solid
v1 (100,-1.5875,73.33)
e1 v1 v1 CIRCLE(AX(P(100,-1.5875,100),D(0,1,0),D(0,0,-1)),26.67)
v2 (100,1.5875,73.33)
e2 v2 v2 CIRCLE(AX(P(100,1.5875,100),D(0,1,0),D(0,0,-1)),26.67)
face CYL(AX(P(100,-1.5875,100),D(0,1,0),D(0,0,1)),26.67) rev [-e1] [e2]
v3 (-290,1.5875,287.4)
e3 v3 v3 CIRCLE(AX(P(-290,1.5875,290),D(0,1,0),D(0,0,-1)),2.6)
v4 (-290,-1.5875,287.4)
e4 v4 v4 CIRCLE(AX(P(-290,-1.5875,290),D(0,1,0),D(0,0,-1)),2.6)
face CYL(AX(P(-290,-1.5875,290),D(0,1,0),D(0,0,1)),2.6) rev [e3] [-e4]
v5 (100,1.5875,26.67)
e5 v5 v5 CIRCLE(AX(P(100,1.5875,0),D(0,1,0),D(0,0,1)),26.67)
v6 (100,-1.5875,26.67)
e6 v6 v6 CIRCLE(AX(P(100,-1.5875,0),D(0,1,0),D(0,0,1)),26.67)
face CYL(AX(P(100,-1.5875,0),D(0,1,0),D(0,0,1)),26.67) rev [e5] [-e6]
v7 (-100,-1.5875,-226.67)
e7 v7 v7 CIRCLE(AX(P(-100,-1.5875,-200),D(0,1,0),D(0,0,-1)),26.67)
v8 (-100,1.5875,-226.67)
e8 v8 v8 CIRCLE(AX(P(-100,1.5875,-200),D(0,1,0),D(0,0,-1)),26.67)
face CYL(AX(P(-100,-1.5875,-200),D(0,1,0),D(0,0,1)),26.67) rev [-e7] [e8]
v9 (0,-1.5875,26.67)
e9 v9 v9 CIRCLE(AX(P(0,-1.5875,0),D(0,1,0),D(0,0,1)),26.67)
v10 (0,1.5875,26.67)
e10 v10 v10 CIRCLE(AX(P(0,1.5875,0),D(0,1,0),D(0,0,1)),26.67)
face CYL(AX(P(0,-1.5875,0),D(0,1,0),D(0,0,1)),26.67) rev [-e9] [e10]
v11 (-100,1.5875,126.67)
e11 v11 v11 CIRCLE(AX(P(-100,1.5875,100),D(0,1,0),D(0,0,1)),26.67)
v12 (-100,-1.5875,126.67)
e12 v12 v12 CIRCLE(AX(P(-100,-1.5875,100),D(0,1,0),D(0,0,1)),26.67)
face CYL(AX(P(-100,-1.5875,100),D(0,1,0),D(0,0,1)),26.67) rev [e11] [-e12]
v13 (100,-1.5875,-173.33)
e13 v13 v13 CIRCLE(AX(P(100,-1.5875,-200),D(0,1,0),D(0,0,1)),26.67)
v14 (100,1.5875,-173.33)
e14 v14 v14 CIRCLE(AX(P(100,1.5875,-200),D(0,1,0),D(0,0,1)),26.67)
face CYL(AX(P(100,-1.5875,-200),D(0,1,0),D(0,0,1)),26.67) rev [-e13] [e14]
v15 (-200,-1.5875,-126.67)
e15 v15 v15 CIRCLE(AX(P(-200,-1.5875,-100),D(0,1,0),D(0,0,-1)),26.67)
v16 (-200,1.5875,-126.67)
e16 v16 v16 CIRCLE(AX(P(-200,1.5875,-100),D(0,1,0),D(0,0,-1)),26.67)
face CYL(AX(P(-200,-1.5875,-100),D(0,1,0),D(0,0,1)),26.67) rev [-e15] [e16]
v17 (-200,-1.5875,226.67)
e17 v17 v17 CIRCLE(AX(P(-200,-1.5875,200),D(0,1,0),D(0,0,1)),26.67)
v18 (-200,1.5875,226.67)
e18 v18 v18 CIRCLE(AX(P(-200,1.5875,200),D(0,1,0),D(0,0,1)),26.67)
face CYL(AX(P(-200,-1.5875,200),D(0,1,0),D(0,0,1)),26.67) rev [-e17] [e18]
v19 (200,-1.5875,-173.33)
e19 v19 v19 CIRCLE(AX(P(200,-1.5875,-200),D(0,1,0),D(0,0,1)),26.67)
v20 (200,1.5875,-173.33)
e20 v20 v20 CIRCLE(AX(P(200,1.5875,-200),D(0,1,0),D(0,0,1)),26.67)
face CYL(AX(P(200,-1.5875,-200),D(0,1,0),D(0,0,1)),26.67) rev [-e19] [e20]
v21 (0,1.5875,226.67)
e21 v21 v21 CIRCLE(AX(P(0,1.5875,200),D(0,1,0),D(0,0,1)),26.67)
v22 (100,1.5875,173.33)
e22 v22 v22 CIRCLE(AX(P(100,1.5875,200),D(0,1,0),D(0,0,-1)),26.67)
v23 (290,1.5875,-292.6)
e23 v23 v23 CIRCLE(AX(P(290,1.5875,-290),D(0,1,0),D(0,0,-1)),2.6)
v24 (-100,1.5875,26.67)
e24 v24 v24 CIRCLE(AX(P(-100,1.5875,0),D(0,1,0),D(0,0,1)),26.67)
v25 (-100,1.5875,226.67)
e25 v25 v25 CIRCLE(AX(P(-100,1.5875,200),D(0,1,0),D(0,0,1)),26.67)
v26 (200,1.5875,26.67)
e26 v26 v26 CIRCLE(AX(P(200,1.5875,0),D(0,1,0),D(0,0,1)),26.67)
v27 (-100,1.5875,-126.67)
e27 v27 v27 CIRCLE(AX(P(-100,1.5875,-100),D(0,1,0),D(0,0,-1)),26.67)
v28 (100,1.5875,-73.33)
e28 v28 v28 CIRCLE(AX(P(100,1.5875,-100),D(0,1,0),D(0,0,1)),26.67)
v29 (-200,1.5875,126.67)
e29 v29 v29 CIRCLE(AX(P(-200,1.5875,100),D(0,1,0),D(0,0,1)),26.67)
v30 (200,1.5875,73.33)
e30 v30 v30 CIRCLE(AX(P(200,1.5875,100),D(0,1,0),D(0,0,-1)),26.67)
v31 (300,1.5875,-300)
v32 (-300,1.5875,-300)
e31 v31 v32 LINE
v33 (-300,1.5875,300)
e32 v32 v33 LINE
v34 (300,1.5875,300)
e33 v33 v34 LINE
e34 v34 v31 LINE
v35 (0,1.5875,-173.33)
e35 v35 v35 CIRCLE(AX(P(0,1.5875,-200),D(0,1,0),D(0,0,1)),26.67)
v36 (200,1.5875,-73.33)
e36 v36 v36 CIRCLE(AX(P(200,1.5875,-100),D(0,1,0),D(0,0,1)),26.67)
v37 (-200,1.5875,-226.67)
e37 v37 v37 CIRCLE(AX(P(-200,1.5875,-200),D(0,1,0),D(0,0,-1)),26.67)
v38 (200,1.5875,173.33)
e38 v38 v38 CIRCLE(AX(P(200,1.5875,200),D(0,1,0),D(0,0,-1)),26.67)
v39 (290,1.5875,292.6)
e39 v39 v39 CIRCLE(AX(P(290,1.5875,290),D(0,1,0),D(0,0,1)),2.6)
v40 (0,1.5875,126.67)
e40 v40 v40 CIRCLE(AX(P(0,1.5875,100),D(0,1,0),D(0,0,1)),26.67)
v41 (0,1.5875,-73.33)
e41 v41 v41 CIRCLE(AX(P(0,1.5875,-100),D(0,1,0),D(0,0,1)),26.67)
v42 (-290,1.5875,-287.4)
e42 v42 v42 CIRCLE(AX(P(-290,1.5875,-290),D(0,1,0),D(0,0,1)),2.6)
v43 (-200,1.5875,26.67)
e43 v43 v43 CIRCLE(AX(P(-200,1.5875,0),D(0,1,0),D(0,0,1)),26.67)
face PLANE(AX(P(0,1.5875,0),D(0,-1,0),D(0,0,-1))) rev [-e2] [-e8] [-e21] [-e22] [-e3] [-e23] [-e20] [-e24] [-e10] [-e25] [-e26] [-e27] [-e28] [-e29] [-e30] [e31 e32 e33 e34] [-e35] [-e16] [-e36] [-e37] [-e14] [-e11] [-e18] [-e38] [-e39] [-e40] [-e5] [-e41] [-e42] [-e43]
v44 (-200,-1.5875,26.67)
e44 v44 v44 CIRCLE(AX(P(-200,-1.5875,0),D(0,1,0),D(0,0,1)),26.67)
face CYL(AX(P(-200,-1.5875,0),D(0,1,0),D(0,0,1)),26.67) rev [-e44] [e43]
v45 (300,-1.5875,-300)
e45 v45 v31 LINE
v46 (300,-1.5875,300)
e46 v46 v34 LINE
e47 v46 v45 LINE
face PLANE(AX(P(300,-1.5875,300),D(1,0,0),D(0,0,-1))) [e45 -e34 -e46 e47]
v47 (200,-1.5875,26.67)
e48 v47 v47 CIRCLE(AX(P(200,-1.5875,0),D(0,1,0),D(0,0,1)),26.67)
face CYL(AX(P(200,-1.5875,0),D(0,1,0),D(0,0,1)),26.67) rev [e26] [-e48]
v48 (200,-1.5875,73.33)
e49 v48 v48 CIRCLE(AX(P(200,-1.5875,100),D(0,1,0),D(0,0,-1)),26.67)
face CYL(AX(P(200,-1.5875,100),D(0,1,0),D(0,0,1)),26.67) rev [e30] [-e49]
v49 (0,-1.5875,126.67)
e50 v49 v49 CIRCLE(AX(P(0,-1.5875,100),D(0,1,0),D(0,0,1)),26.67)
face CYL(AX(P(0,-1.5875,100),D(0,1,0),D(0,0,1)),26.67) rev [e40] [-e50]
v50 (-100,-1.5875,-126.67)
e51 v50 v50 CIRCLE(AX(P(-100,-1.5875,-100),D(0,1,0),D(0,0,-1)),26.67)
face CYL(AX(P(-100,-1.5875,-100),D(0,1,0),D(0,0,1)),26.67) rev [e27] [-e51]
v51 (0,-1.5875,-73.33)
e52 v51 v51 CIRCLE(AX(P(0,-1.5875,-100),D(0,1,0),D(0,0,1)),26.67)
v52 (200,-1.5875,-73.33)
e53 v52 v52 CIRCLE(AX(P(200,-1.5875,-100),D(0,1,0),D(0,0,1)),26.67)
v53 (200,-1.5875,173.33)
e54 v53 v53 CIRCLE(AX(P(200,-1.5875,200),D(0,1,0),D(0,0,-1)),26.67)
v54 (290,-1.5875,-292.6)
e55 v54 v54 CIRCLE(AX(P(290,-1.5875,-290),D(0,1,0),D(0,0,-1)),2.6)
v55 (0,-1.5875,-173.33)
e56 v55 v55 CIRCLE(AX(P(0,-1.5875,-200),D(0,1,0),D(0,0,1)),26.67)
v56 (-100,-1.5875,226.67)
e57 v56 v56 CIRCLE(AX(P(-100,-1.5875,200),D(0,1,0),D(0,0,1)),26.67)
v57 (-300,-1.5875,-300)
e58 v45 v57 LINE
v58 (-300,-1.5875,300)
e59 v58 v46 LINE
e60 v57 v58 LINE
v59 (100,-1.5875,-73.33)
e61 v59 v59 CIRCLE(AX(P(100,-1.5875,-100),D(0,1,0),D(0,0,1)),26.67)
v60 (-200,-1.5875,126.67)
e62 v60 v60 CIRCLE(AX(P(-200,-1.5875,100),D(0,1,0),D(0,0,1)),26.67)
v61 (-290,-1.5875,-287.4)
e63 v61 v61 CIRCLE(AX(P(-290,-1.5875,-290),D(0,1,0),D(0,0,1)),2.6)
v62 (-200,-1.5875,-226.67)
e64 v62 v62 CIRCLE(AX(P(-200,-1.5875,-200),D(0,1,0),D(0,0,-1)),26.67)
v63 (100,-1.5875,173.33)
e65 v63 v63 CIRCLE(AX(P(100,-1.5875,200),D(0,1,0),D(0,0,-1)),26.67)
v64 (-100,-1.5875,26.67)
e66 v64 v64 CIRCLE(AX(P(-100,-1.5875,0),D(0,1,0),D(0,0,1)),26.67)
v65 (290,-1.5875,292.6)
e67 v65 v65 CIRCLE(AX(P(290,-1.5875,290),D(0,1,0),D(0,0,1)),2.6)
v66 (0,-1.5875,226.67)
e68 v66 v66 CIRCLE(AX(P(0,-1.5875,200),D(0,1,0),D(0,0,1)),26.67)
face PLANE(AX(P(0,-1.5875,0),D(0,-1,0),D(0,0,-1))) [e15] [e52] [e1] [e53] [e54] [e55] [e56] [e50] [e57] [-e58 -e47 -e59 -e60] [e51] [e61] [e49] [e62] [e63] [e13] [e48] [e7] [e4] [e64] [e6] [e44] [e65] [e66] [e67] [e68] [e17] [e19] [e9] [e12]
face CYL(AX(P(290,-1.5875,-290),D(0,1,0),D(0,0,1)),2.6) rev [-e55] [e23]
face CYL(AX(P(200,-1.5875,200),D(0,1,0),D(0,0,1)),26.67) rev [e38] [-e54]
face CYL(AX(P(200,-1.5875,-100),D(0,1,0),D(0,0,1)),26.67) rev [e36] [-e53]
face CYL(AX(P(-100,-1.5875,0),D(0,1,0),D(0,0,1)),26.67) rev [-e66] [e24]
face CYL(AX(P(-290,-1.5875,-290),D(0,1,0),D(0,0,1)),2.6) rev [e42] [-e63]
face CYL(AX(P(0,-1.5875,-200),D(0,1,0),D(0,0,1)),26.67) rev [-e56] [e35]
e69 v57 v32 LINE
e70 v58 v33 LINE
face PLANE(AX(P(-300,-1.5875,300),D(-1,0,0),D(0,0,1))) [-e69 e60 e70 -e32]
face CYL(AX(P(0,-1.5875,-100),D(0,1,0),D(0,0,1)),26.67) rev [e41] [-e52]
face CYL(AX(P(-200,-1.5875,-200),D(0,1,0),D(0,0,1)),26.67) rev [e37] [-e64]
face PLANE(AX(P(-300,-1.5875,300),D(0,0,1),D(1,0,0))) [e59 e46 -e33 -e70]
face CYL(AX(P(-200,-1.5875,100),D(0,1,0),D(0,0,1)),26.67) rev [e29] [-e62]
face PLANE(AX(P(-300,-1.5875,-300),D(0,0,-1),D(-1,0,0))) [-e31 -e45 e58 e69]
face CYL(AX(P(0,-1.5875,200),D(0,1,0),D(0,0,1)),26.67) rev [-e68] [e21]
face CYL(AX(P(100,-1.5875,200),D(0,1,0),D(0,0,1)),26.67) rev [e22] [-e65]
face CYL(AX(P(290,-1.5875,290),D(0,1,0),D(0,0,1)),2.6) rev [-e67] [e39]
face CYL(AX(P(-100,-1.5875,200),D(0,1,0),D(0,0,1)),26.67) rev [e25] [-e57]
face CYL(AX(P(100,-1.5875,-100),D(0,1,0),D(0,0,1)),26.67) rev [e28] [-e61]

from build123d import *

# Parameters (mm, degrees)
BOSS_EXTRUDE1_DEPTH      = 1.5875
BOSS_EXTRUDE1_DEPTH_BACK = 1.5875
SKETCH1_W                = 600
SKETCH1_H                = 600
SKETCH1_R                = 2.6
SKETCH1_R_2              = 26.67


with BuildPart() as part:
    # Sketch1 → Boss-Extrude1 (new, two sides: drawn at the far end of the back side and taken through both)
    with BuildSketch(Plane(origin=(0, 0, 0), x_dir=(1, 0, 0), z_dir=(0, 1, 0)).offset(-BOSS_EXTRUDE1_DEPTH_BACK)):
        Rectangle(SKETCH1_W, SKETCH1_H)
        with Locations((-290, 290)):
            Circle(SKETCH1_R, mode=Mode.SUBTRACT)
        with Locations((290, 290)):
            Circle(SKETCH1_R, mode=Mode.SUBTRACT)
        with Locations((290, -290)):
            Circle(SKETCH1_R, mode=Mode.SUBTRACT)
        with Locations((-290, -290)):
            Circle(SKETCH1_R, mode=Mode.SUBTRACT)
        Circle(SKETCH1_R_2, mode=Mode.SUBTRACT)
        with Locations((100, 0)):
            Circle(SKETCH1_R_2, mode=Mode.SUBTRACT)
        with Locations((200, 0)):
            Circle(SKETCH1_R_2, mode=Mode.SUBTRACT)
        with Locations((100, 100)):
            Circle(SKETCH1_R_2, mode=Mode.SUBTRACT)
        with Locations((200, 100)):
            Circle(SKETCH1_R_2, mode=Mode.SUBTRACT)
        with Locations((100, 200)):
            Circle(SKETCH1_R_2, mode=Mode.SUBTRACT)
        with Locations((200, 200)):
            Circle(SKETCH1_R_2, mode=Mode.SUBTRACT)
        with Locations((0, 100)):
            Circle(SKETCH1_R_2, mode=Mode.SUBTRACT)
        with Locations((0, 200)):
            Circle(SKETCH1_R_2, mode=Mode.SUBTRACT)
        with Locations((-100, 0)):
            Circle(SKETCH1_R_2, mode=Mode.SUBTRACT)
        with Locations((-200, 0)):
            Circle(SKETCH1_R_2, mode=Mode.SUBTRACT)
        with Locations((-100, -100)):
            Circle(SKETCH1_R_2, mode=Mode.SUBTRACT)
        with Locations((-200, -100)):
            Circle(SKETCH1_R_2, mode=Mode.SUBTRACT)
        with Locations((-100, -200)):
            Circle(SKETCH1_R_2, mode=Mode.SUBTRACT)
        with Locations((-200, -200)):
            Circle(SKETCH1_R_2, mode=Mode.SUBTRACT)
        with Locations((0, -100)):
            Circle(SKETCH1_R_2, mode=Mode.SUBTRACT)
        with Locations((0, -200)):
            Circle(SKETCH1_R_2, mode=Mode.SUBTRACT)
        with Locations((200, -200)):
            Circle(SKETCH1_R_2, mode=Mode.SUBTRACT)
        with Locations((100, -200)):
            Circle(SKETCH1_R_2, mode=Mode.SUBTRACT)
        with Locations((200, -100)):
            Circle(SKETCH1_R_2, mode=Mode.SUBTRACT)
        with Locations((100, -100)):
            Circle(SKETCH1_R_2, mode=Mode.SUBTRACT)
        with Locations((-200, 200)):
            Circle(SKETCH1_R_2, mode=Mode.SUBTRACT)
        with Locations((-100, 200)):
            Circle(SKETCH1_R_2, mode=Mode.SUBTRACT)
        with Locations((-200, 100)):
            Circle(SKETCH1_R_2, mode=Mode.SUBTRACT)
        with Locations((-100, 100)):
            Circle(SKETCH1_R_2, mode=Mode.SUBTRACT)
    extrude(amount=BOSS_EXTRUDE1_DEPTH + BOSS_EXTRUDE1_DEPTH_BACK)


solid = part.part
